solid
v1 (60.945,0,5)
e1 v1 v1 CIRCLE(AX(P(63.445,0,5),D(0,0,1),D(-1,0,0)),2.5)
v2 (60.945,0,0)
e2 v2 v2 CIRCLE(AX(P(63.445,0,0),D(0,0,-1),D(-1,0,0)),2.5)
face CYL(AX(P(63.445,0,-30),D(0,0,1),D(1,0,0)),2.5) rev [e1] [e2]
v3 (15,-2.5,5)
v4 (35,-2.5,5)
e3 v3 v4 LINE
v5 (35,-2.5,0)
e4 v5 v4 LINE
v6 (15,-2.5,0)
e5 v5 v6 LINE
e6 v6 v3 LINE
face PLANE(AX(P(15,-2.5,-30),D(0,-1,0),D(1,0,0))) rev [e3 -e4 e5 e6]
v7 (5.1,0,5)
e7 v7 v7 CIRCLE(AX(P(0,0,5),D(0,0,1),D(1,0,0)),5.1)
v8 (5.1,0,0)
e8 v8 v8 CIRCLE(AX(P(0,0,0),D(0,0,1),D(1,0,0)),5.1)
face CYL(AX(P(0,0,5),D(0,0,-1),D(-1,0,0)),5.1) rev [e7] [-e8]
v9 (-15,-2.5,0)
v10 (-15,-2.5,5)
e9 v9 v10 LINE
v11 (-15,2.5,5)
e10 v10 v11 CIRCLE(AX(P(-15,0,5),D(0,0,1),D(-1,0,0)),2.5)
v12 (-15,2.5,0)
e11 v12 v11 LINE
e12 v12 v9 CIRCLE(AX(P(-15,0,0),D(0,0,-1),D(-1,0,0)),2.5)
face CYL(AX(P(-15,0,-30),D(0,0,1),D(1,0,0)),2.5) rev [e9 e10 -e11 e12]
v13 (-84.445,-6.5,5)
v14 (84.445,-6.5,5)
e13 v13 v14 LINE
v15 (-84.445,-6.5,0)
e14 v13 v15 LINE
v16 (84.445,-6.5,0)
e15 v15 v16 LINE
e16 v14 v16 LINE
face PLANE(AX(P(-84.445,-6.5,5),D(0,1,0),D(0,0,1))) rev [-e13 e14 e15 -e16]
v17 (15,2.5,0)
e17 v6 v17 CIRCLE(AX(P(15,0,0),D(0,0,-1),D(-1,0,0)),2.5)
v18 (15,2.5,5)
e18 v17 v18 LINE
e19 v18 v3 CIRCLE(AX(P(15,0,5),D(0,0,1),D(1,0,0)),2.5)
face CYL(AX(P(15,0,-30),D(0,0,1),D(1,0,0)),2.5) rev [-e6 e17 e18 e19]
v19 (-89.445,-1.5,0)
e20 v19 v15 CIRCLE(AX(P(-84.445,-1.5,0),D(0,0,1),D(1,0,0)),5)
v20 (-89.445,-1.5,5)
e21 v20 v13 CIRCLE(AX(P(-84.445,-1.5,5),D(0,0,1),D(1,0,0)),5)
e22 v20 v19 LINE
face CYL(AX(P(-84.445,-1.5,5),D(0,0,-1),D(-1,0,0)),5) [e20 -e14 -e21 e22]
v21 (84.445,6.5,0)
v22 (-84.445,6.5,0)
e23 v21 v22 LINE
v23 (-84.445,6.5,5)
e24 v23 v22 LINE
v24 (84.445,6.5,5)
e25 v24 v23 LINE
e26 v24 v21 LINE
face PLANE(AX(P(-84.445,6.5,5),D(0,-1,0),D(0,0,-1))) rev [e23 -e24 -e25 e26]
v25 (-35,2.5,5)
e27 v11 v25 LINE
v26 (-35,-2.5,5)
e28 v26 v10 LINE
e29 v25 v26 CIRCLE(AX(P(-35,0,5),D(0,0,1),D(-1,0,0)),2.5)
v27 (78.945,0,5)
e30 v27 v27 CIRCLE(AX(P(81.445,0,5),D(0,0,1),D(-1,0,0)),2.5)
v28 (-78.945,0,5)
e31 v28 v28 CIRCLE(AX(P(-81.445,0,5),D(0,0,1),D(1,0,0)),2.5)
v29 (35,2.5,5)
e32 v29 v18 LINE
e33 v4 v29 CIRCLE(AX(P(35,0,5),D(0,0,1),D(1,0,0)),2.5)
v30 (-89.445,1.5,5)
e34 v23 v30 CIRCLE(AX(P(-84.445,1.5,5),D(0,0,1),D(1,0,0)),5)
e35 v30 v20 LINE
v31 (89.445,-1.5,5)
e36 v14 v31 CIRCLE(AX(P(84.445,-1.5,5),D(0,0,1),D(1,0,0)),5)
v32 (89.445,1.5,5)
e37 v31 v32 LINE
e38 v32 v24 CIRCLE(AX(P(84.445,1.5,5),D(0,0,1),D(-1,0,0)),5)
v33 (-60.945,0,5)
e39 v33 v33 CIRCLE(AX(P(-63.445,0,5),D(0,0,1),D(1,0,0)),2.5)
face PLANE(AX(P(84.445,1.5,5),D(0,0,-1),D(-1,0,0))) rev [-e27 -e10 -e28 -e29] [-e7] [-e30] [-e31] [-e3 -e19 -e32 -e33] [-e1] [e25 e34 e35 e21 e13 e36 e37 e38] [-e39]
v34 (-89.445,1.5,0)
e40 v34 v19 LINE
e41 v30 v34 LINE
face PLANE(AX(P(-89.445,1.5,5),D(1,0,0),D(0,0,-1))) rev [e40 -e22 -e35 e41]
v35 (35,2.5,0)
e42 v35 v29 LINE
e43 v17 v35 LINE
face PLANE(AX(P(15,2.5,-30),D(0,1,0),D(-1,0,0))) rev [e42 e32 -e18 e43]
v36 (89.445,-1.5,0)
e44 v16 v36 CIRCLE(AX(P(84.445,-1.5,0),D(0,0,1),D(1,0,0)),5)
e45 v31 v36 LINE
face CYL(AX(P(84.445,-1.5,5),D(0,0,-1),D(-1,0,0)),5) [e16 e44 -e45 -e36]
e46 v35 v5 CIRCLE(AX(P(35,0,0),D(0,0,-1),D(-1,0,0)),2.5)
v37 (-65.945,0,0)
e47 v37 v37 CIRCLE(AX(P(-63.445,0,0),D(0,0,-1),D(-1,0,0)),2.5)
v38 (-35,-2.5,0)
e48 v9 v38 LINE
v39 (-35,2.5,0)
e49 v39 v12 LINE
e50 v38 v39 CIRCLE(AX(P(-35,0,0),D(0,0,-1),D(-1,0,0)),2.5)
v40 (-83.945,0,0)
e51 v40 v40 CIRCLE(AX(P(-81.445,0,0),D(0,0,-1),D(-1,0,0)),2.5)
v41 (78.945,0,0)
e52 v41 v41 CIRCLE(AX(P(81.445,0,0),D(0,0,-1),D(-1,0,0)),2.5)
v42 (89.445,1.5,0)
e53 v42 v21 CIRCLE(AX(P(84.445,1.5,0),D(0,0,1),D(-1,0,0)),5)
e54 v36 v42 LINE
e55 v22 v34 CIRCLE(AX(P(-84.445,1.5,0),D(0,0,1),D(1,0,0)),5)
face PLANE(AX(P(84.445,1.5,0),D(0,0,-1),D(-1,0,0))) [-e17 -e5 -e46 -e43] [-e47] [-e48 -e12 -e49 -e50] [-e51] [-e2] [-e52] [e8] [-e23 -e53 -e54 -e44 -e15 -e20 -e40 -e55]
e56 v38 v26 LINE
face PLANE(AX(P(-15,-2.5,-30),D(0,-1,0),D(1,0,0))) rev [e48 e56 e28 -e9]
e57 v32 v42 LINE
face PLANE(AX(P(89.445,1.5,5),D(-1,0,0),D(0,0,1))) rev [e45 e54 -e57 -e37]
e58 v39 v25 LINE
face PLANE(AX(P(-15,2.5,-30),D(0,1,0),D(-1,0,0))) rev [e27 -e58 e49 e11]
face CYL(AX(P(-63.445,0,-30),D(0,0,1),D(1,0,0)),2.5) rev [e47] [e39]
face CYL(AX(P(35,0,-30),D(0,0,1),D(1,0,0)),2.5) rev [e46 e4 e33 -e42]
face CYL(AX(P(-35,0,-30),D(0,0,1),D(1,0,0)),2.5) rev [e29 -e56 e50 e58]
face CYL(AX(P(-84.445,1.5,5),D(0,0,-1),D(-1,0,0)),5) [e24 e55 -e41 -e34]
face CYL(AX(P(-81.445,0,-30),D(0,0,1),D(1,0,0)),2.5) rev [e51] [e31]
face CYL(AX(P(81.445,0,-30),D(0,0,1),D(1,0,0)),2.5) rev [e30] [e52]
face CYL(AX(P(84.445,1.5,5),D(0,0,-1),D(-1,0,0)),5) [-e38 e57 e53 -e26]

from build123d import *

# Parameters (mm, degrees)
SKETCH1_R           = 5.1
BOSS_EXTRUDE1_DEPTH = 5
SKETCH2_R           = 2.5
CUT_EXTRUDE1_DEPTH  = 35


with BuildPart() as part:
    # Sketch1 → Boss-Extrude1 (new body)
    with BuildSketch(Plane.XY):
        with BuildLine():
            Line((-84.445, 6.5), (84.445, 6.5))
            ThreePointArc((84.445, 6.5), (87.980533906, 5.035533906), (89.445, 1.5))
            Line((89.445, 1.5), (89.445, -1.5))
            ThreePointArc((89.445, -1.5), (87.980533906, -5.035533906), (84.445, -6.5))
            Line((84.445, -6.5), (-84.445, -6.5))
            ThreePointArc((-84.445, -6.5), (-87.980533906, -5.035533906), (-89.445, -1.5))
            Line((-89.445, -1.5), (-89.445, 1.5))
            ThreePointArc((-89.445, 1.5), (-87.980533906, 5.035533906), (-84.445, 6.5))
        make_face()
        Circle(SKETCH1_R, mode=Mode.SUBTRACT)
    extrude(amount=BOSS_EXTRUDE1_DEPTH)

    # Sketch2 → Cut-Extrude1 (cut)
    with BuildSketch(Plane.XY.offset(5)):
        with Locations((-81.445, 0)):
            Circle(SKETCH2_R)
        with Locations((-63.445, 0)):
            Circle(SKETCH2_R)
        with Locations((63.445, 0)):
            Circle(SKETCH2_R)
        with Locations((81.445, 0)):
            Circle(SKETCH2_R)
        with BuildLine():
            Line((15, 2.5), (35, 2.5))
            ThreePointArc((35, 2.5), (37.5, 0), (35, -2.5))
            Line((35, -2.5), (15, -2.5))
            ThreePointArc((15, -2.5), (12.5, 0), (15, 2.5))
        make_face()
        with BuildLine():
            Line((-15, 2.5), (-35, 2.5))
            ThreePointArc((-35, 2.5), (-37.5, 0), (-35, -2.5))
            Line((-35, -2.5), (-15, -2.5))
            ThreePointArc((-15, -2.5), (-12.5, 0), (-15, 2.5))
        make_face()
    extrude(amount=-CUT_EXTRUDE1_DEPTH, mode=Mode.SUBTRACT)


solid = part.part
